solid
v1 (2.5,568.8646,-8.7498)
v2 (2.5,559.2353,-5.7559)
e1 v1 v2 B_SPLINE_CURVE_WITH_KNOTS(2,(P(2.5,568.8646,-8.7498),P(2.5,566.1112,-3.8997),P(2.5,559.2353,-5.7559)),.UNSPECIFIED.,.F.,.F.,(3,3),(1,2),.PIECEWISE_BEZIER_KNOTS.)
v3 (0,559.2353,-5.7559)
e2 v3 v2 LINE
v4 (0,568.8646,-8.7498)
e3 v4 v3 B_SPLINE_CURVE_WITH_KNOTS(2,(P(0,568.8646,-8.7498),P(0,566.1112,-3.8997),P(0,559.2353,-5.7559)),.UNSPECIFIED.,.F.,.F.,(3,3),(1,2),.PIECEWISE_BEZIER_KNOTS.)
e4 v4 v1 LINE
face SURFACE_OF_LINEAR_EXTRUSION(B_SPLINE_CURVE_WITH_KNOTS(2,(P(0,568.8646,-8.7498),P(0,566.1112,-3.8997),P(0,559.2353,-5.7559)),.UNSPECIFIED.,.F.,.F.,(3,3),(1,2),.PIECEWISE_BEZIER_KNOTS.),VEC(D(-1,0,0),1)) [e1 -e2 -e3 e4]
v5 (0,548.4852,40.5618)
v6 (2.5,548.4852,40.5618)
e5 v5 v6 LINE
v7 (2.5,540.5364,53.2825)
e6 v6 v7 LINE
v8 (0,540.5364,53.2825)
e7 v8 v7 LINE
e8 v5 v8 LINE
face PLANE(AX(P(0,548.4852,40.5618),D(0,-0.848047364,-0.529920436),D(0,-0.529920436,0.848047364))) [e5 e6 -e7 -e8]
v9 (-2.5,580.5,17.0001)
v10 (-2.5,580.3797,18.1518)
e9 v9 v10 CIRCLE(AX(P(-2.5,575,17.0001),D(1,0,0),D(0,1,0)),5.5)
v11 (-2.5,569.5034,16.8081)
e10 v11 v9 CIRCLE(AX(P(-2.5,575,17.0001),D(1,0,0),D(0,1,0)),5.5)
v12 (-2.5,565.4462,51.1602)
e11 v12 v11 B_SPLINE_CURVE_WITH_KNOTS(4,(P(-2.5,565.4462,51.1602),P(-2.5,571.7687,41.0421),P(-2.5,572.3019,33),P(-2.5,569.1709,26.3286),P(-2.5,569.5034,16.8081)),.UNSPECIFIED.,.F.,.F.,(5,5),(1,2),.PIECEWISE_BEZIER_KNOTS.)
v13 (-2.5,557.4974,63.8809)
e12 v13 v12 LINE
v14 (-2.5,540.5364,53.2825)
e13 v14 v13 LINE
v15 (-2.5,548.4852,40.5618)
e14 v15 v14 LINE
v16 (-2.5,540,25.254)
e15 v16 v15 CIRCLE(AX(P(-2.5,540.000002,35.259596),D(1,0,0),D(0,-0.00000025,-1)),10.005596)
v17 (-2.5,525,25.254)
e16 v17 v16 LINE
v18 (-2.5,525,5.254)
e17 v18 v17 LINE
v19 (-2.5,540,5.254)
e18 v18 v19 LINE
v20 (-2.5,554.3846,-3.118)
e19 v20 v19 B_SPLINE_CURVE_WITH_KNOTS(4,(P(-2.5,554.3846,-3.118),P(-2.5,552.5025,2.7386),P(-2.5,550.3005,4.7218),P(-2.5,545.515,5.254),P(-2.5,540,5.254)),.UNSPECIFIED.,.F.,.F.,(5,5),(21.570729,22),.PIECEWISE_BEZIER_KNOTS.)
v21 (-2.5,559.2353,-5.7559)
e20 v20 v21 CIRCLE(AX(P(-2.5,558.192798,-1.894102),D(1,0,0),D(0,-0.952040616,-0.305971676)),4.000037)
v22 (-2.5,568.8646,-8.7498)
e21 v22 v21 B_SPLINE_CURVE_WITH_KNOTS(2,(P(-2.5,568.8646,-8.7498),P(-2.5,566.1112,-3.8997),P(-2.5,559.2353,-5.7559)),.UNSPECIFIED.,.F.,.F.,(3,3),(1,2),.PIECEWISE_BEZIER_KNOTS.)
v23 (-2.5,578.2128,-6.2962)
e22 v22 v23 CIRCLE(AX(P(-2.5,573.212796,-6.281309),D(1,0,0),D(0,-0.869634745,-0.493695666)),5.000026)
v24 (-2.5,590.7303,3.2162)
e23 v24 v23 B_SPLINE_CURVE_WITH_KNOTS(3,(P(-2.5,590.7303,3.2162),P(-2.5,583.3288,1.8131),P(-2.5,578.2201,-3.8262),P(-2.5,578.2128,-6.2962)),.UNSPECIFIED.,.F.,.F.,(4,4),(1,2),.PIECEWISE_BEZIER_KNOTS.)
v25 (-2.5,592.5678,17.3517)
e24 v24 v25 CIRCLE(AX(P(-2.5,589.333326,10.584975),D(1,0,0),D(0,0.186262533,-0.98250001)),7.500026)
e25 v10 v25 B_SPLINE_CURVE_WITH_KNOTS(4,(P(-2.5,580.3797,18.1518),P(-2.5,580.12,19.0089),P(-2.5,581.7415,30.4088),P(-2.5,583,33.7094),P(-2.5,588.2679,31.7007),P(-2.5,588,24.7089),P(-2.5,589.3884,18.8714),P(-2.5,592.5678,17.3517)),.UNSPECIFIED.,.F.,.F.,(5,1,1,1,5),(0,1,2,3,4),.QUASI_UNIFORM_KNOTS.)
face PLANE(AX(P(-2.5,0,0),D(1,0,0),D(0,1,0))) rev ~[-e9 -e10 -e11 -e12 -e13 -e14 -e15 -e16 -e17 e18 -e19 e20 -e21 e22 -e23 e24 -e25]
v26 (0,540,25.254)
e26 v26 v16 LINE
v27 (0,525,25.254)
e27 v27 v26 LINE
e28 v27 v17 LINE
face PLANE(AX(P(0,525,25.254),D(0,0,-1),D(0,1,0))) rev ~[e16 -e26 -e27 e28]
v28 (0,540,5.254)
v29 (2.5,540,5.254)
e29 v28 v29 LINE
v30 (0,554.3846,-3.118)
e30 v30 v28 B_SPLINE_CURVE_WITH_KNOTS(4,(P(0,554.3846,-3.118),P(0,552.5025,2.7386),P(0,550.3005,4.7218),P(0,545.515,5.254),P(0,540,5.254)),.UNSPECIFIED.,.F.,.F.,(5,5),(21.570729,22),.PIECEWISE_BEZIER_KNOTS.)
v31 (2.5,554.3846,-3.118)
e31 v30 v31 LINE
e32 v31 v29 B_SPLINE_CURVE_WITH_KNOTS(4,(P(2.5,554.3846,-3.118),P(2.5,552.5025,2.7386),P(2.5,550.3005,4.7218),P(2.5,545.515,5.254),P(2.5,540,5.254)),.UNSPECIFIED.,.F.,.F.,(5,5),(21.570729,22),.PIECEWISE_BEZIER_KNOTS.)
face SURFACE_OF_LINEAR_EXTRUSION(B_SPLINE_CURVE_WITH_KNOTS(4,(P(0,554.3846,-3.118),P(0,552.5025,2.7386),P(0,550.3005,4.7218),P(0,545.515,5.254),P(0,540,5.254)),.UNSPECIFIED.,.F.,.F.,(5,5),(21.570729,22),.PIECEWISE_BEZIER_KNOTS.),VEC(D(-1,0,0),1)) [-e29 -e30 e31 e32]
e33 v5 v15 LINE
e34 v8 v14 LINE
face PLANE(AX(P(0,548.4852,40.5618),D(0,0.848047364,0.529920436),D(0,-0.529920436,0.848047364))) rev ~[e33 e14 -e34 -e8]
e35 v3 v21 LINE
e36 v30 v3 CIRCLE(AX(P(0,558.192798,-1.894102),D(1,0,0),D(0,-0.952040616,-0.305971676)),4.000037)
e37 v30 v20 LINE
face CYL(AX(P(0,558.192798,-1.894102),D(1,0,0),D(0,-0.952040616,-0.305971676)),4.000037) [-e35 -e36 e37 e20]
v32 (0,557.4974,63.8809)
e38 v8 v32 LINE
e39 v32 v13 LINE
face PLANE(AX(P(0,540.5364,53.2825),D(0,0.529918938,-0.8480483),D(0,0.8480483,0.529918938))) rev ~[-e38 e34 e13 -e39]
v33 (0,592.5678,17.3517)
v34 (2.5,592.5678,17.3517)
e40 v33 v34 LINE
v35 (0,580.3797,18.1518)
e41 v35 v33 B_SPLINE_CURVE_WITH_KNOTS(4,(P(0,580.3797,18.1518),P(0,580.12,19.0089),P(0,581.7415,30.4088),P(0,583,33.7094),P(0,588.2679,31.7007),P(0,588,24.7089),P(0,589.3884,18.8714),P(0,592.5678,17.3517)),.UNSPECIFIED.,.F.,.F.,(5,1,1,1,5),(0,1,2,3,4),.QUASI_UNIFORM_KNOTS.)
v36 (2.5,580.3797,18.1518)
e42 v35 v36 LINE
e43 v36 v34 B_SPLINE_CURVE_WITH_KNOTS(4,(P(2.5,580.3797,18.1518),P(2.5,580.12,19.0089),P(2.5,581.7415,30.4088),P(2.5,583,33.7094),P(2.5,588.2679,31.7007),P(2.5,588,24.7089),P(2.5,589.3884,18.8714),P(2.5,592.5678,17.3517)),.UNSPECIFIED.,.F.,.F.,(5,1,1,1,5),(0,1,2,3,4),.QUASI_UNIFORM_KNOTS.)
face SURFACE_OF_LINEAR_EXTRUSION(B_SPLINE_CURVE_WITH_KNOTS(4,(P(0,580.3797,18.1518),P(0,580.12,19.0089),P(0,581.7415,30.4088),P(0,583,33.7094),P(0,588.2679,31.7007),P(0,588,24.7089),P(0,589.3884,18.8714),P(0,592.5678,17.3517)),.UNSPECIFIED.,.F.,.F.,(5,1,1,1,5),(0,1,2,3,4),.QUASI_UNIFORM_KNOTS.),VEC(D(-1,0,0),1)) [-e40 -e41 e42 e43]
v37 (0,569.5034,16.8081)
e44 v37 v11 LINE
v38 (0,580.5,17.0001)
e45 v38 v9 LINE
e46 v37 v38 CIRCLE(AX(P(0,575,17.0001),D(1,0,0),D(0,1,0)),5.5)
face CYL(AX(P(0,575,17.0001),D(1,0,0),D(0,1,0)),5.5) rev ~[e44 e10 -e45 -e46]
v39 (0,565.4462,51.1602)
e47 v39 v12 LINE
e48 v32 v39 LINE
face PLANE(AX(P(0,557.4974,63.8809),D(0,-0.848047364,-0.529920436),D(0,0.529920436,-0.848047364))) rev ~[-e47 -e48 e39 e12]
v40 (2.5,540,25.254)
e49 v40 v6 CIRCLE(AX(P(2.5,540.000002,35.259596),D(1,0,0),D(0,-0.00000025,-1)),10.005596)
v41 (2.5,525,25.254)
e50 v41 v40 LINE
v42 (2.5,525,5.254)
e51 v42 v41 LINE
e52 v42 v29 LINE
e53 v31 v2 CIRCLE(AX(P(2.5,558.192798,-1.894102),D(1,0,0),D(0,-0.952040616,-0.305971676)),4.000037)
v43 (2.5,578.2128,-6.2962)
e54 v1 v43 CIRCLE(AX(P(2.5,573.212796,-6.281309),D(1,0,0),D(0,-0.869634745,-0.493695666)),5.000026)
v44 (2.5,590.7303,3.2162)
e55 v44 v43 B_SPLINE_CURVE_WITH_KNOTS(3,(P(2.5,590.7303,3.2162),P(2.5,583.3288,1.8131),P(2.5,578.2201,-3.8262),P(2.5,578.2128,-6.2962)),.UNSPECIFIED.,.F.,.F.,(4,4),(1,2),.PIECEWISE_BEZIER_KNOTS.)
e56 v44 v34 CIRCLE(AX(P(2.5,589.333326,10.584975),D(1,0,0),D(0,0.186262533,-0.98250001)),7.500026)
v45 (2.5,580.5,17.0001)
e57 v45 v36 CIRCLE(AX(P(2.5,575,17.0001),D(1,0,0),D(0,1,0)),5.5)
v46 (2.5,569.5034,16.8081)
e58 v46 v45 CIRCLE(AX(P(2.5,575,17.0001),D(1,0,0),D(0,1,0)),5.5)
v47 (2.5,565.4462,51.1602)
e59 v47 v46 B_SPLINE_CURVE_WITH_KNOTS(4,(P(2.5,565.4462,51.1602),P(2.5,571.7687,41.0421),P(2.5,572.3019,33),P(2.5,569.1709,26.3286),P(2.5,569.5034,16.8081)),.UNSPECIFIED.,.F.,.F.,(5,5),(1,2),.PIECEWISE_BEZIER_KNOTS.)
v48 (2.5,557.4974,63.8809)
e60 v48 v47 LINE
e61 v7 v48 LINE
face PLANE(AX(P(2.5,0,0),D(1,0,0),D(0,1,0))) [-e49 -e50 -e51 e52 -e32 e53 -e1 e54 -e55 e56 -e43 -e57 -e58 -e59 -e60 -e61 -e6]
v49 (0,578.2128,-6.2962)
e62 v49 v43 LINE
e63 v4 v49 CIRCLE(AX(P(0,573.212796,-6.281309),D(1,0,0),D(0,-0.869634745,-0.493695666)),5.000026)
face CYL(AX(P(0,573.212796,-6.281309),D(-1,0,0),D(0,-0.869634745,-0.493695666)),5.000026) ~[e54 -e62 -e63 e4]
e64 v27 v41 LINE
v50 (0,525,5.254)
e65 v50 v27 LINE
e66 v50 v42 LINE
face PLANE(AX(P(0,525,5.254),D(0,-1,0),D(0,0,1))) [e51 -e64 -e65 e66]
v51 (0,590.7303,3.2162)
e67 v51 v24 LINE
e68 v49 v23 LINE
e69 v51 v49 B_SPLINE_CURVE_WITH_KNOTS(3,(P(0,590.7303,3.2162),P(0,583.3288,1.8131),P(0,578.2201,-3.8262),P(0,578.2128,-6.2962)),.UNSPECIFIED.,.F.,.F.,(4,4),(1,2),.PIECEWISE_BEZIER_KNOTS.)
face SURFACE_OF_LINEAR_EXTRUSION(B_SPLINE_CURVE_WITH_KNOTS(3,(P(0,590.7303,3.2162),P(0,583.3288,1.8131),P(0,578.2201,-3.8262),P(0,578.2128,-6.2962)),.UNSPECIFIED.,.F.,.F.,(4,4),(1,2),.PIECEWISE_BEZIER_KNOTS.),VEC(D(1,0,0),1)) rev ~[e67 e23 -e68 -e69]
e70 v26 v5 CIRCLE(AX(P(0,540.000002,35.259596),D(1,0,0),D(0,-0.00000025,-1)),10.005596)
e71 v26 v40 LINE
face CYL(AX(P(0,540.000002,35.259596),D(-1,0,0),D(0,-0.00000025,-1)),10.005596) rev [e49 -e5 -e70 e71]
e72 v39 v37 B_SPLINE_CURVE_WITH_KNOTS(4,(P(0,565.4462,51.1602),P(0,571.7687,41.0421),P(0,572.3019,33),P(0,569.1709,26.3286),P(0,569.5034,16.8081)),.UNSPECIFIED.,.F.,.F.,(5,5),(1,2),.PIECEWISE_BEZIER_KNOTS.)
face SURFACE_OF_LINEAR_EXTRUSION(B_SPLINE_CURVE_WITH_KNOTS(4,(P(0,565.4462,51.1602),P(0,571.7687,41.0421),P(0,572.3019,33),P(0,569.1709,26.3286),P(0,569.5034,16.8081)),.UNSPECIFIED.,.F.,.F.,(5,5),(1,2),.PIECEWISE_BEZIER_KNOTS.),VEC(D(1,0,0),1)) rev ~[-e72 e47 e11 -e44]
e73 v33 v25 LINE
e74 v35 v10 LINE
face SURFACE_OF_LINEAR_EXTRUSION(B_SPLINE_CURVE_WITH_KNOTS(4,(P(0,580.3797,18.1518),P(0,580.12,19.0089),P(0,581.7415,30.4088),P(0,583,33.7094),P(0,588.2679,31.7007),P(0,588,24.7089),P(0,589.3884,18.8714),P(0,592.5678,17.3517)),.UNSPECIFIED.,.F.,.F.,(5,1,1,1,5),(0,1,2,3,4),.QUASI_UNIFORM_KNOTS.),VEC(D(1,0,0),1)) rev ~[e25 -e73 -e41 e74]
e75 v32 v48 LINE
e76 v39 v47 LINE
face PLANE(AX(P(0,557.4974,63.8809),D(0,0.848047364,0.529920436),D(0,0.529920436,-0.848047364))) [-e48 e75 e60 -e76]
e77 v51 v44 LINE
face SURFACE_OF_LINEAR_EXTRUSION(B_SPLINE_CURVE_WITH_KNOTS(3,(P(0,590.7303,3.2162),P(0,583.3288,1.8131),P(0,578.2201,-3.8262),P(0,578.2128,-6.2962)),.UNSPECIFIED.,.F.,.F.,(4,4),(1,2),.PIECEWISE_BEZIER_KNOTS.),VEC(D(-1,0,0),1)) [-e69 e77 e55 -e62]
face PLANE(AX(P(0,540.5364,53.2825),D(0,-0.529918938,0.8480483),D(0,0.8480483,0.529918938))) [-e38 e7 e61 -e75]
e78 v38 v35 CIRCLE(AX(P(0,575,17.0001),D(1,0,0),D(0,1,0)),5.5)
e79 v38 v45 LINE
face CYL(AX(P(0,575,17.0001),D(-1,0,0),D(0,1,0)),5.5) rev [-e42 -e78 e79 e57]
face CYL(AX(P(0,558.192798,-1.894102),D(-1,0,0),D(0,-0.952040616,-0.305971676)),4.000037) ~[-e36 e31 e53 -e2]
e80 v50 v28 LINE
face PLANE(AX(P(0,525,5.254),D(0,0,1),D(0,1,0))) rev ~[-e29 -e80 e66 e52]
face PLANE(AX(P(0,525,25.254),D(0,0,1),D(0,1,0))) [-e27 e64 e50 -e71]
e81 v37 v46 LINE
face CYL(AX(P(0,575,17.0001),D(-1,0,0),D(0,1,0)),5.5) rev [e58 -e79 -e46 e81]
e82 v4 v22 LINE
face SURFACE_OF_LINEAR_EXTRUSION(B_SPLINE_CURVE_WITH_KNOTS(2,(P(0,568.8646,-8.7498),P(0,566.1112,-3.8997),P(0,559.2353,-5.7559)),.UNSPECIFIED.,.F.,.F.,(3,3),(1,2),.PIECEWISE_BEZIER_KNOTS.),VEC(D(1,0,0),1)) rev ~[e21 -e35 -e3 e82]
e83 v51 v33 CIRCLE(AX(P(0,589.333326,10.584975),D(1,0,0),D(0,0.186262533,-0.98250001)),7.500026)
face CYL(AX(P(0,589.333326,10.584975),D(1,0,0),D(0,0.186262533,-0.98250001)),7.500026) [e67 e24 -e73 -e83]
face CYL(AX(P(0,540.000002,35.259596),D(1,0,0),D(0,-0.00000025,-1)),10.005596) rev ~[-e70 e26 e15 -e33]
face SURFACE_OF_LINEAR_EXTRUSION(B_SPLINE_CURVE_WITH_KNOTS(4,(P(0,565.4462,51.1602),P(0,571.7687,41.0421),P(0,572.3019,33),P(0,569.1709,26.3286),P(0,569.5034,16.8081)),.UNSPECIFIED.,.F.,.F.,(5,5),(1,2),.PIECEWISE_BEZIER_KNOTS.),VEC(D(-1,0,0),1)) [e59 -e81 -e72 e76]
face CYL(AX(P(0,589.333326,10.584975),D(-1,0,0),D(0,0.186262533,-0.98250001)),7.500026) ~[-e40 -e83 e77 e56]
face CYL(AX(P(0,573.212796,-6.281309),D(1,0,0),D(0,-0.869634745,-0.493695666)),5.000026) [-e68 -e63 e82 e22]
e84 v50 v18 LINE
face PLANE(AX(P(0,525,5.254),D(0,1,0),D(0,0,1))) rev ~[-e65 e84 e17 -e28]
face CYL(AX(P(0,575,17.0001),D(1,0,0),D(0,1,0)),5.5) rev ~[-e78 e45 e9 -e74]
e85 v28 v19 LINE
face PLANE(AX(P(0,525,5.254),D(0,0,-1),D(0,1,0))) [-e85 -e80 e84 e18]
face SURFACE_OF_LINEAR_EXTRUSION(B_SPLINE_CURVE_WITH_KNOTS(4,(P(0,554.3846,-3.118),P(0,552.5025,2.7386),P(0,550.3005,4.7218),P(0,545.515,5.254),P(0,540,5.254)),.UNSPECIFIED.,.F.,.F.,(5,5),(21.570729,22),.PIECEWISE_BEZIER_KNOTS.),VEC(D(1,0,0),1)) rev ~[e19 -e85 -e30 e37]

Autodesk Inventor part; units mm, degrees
ref_plane "YZ Plane" through (0, 0, 0) normal (1, 0, 0) x (0, 1, 0)
ref_plane "XZ Plane" through (0, 0, 0) normal (0, 1, 0) x (-1, 0, 0)
ref_plane "XY Plane" through (0, 0, 0) normal (0, 0, 1) x (1, 0, 0)
sketch "Boceto1" plane through (0, 0, 0) normal (1, 0, 0) x (0, 1, 0)
  line L0 (525, 5.254) -> (525, 25.254)
  line L1 (525, 25.254) -> (540, 25.254)
  arc A0 (540, 25.254) -> (548.4852, 40.5618) centre (540, 35.2596) ccw
  line L2 (548.4852, 40.5618) -> (540.5364, 53.2825)
  line L3 (540.5364, 53.2825) -> (557.4974, 63.8809)
  line L4 (557.4974, 63.8809) -> (565.4462, 51.1602)
  line L5 (525, 15.254) -> (575, 17.0001) construction
  line L6 (549.0169, 58.5817) -> (575, 17.0001) construction
  line L7 (525, 5.254) -> (540, 5.254)
  circle A1 centre (575, 17.0001) radius 5.5
  line L8 (565.4462, 51.1602) -> (571.7687, 41.0421) construction
  line L9 (569.1709, 26.3286) -> (569.5034, 16.8081) construction
  spline S0 degree 4 poles (565.4462, 51.1602) (571.7687, 41.0421) (572.3019, 33) (569.1709, 26.3286) (569.5034, 16.8081) knots 1 1 1 1 1 2 2 2 2 2
  line L10 (580.3797, 18.1518) -> (580.12, 19.0089) construction
  line L11 (580.12, 19.0089) -> (581.7415, 30.4088) construction
  line L12 (581.7415, 30.4088) -> (583, 33.7094) construction
  line L13 (583, 33.7094) -> (588.2679, 31.7007) construction
  line L14 (588.2679, 31.7007) -> (588, 24.7089) construction
  line L15 (588, 24.7089) -> (589.3884, 18.8714) construction
  line L16 (545.515, 5.254) -> (540, 5.254) construction
  line L17 (571.7687, 41.0421) -> (572.3019, 33) construction
  line L18 (572.3019, 33) -> (569.1709, 26.3286) construction
  arc A2 (590.7303, 3.2162) -> (592.5678, 17.3517) centre (589.3333, 10.585) ccw
  arc A3 (568.8646, -8.7498) -> (578.2128, -6.2962) centre (573.2128, -6.2813) ccw
  arc A4 (554.3846, -3.118) -> (559.2353, -5.7559) centre (558.1928, -1.8941) ccw
  spline S1 degree 4 poles (580.3797, 18.1518) (580.12, 19.0089) (581.7415, 30.4088) (583, 33.7094) (588.2679, 31.7007) (588, 24.7089) (589.3884, 18.8714) (592.5678, 17.3517) knots 0 0 0 0 0 1 2 3 4 4 4 4 4
  line L19 (589.3884, 18.8714) -> (592.5678, 17.3517) construction
  spline S2 degree 4 poles (554.3846, -3.118) (552.5025, 2.7386) (550.3005, 4.7218) (545.515, 5.254) (540, 5.254) knots 21.570729 21.570729 21.570729 21.570729 21.570729 22 22 22 22 22
  line L20 (554.3846, -3.118) -> (552.5025, 2.7386) construction
  line L21 (552.5025, 2.7386) -> (550.3005, 4.7218) construction
  line L22 (550.3005, 4.7218) -> (545.515, 5.254) construction
  line L23 (568.8646, -8.7498) -> (566.1112, -3.8997) construction
  line L24 (566.1112, -3.8997) -> (559.2353, -5.7559) construction
  spline S3 degree 2 poles (568.8646, -8.7498) (566.1112, -3.8997) (559.2353, -5.7559) knots 1 1 1 2 2 2
  line L25 (575, 17.0001) -> (525, 17.0001) construction
  line L26 (590.7303, 3.2162) -> (583.3288, 1.8131) construction
  line L27 (583.3288, 1.8131) -> (578.2201, -3.8262) construction
  line L28 (578.2201, -3.8262) -> (578.2128, -6.2962) construction
  spline S4 degree 3 poles (590.7303, 3.2162) (583.3288, 1.8131) (578.2201, -3.8262) (578.2128, -6.2962) knots 1 1 1 1 2 2 2 2
  point P0 (0, 0)
  point P1 (580.3691, 18.1927)
  point P2 (571.0023, 16.8632)
  dimension "d0" = 20
  dimension "d1" = 60
  dimension "d2" = 15
  dimension "d3" = 11
  dimension "d4" = 15
  dimension "d5" = 10
  dimension "d6" = 8
  dimension "d7" = 2
  dimension "d8" = 50
extrude "Extrusión1" add sketch "Boceto1" along normal mid plane 5 contours L0 L1 A0 L2 L3 L4 S0 A1 S1 A2 S4 A3 S3 A4 S2 L7
properties part number "lamina_trasero"
